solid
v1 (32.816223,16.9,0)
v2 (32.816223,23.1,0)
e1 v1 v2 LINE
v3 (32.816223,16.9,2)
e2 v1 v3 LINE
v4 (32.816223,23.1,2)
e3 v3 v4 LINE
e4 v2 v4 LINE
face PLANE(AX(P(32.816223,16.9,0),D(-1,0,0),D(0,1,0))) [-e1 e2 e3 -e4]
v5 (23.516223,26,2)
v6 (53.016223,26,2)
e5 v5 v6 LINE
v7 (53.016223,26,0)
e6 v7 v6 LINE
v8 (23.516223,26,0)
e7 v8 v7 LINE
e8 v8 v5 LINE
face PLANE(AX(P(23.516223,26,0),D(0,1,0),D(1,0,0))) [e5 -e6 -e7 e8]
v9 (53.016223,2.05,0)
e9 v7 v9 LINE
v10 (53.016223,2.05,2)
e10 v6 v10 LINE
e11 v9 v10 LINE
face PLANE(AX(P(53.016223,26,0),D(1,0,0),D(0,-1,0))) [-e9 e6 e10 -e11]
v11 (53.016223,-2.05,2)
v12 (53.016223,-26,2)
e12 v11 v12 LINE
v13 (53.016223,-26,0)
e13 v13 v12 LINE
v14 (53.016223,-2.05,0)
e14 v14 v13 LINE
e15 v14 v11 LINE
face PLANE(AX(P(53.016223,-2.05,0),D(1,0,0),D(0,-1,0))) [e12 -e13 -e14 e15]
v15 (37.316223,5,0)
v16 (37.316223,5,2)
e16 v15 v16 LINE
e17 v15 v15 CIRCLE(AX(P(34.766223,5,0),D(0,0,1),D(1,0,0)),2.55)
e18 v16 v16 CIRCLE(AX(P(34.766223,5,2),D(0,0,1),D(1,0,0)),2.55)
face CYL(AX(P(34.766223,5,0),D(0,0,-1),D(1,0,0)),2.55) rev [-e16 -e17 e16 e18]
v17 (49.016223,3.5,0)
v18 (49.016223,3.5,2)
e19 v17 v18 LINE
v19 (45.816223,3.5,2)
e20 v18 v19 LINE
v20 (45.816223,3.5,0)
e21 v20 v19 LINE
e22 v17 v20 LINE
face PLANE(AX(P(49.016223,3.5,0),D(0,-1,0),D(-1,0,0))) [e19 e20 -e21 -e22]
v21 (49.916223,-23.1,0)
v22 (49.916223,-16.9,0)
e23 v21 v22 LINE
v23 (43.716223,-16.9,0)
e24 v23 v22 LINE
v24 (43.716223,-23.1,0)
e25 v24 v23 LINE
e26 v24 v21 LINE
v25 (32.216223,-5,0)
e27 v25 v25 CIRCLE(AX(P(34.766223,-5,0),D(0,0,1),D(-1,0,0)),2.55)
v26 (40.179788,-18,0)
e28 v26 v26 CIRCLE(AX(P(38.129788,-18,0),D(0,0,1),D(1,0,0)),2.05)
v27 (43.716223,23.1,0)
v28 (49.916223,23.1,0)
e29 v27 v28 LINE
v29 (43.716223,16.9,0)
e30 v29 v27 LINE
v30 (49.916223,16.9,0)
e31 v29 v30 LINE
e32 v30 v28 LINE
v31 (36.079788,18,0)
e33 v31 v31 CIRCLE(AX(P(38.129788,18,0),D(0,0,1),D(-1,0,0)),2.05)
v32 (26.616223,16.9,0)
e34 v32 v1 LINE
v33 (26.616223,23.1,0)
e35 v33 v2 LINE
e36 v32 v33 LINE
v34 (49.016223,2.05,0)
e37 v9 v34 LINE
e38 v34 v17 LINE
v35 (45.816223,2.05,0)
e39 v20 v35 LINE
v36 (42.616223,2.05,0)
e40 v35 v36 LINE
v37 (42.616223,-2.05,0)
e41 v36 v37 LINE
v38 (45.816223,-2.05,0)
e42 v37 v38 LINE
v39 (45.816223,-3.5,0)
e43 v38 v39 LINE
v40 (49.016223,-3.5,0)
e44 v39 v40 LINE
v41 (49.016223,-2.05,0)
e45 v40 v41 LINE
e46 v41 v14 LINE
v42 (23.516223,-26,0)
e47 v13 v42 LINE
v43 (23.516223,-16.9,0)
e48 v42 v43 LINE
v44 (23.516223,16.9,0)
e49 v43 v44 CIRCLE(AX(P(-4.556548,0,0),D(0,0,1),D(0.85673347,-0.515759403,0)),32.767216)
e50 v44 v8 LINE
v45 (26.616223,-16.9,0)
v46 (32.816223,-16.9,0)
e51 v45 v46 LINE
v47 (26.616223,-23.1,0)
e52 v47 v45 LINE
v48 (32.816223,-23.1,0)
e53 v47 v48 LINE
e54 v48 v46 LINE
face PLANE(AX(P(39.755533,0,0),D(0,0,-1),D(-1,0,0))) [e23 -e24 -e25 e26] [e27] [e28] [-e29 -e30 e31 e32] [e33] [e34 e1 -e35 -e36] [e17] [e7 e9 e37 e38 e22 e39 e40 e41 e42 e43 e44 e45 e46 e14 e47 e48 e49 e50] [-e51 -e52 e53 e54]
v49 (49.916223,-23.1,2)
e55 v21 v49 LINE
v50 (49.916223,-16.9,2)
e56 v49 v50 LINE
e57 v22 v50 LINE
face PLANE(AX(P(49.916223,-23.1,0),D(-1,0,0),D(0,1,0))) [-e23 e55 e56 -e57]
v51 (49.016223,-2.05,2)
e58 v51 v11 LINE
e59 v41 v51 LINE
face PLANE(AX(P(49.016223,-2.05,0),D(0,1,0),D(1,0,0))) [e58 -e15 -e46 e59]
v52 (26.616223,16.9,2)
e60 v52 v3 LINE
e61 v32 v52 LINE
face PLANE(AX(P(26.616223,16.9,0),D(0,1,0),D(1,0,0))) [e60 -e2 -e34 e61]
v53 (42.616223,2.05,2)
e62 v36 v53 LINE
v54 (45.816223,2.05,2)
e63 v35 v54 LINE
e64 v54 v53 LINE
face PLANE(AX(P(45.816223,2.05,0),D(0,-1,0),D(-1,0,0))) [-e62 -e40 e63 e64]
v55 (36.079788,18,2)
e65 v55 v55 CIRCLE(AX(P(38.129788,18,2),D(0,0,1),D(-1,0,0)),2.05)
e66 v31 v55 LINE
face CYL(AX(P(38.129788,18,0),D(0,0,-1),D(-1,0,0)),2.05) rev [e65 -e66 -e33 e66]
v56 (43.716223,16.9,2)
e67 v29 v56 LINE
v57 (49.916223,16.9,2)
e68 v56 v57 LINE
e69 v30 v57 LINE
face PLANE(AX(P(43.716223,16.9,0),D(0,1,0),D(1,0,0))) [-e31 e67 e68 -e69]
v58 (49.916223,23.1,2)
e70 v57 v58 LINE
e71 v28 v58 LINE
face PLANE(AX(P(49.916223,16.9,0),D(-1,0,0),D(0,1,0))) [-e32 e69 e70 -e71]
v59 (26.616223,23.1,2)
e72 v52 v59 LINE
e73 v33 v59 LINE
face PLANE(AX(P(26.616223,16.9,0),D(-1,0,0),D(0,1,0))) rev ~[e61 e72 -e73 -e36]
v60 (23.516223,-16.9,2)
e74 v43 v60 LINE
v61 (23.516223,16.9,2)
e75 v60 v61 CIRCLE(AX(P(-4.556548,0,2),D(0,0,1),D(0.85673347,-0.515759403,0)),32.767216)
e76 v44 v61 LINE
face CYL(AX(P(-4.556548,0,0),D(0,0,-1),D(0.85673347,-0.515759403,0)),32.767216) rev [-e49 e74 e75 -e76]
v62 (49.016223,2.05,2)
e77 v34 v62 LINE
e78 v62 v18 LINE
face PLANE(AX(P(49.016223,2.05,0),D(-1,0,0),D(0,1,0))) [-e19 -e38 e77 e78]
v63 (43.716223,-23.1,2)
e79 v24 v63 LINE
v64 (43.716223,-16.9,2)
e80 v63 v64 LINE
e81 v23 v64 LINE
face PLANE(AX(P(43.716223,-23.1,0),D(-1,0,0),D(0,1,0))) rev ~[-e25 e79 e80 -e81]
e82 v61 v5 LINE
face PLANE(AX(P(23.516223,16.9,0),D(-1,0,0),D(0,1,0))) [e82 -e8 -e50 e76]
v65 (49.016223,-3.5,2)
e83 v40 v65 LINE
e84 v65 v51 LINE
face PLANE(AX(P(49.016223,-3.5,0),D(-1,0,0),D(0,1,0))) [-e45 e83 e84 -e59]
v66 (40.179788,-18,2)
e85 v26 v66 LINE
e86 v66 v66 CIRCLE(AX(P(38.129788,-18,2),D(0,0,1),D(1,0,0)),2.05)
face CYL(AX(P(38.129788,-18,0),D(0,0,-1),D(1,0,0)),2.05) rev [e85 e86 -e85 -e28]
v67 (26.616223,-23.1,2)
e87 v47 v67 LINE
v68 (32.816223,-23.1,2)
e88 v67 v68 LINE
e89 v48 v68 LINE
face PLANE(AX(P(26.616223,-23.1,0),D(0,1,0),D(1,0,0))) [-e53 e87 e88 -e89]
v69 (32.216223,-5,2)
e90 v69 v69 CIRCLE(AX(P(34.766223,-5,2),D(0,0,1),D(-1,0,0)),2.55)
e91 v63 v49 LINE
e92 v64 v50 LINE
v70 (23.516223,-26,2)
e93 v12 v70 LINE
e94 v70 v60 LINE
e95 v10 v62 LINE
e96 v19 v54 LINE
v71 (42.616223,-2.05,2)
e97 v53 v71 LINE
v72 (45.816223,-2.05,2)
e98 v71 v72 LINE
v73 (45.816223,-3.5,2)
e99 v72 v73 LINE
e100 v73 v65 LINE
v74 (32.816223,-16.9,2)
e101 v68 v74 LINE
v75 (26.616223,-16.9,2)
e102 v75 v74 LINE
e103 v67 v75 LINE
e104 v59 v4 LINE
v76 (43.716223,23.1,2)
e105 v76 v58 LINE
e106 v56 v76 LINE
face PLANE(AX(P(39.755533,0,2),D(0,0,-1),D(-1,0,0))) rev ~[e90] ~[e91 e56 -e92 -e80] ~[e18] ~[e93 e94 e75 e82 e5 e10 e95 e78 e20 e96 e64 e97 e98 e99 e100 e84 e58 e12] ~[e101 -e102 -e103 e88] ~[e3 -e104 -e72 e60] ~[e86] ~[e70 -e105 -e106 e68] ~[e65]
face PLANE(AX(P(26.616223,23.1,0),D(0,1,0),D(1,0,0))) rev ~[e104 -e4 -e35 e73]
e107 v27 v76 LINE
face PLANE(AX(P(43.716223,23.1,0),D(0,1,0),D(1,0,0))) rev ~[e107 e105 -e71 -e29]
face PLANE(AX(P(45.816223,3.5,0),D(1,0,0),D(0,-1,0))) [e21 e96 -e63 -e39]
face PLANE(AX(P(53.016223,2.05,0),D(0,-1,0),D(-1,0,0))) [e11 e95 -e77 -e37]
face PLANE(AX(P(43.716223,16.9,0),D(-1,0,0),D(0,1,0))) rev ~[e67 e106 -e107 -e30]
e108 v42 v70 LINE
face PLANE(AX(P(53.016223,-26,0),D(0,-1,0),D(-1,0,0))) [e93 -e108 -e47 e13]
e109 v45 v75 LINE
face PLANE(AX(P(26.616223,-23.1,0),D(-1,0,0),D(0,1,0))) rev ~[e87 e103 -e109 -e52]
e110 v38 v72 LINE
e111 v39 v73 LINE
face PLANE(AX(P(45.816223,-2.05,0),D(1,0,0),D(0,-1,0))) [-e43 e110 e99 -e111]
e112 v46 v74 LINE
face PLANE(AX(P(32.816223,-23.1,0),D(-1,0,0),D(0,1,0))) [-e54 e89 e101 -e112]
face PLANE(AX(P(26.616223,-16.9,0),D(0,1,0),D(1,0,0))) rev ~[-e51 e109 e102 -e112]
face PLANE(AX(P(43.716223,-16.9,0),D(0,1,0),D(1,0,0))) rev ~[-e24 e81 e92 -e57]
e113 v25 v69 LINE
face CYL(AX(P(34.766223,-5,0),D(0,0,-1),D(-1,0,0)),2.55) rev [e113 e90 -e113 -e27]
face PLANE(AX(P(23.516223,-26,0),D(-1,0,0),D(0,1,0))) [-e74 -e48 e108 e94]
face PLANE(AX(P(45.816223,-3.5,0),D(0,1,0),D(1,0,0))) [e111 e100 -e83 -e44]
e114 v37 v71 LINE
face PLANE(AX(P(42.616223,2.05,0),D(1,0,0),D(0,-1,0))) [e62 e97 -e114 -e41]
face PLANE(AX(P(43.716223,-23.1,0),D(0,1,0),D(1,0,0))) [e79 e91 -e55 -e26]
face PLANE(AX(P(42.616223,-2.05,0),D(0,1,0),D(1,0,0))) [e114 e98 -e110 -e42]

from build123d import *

# Parameters (mm, degrees)
SKETCH_1_R      = 2.55
SKETCH_1_R_2    = 2.05
SKETCH_1_W      = 6.2
SKETCH_1_H      = 6.2
EXTRUDE_1_DEPTH = 2


with BuildPart() as part:
    # 草图1 → 凸台-拉伸1 (new body)
    with BuildSketch(Plane.XY):
        with BuildLine():
            Line((53.016222961, -26), (23.516222961, -26))
            Line((23.516222961, -26), (23.516222961, -16.9))
            ThreePointArc((23.516222961, -16.9), (28.210668367, 0), (23.516222961, 16.9))
            Line((23.516222961, 16.9), (23.516222961, 26))
            Line((23.516222961, 26), (53.016222961, 26))
            Line((53.016222961, 26), (53.016222961, 2.05))
            Line((53.016222961, 2.05), (49.016222961, 2.05))
            Line((49.016222961, 2.05), (49.016222961, 3.5))
            Line((49.016222961, 3.5), (45.816222961, 3.5))
            Line((45.816222961, 3.5), (45.816222961, 2.05))
            Line((45.816222961, 2.05), (42.616222961, 2.05))
            Line((42.616222961, 2.05), (42.616222961, -2.05))
            Line((42.616222961, -2.05), (45.816222961, -2.05))
            Line((45.816222961, -2.05), (45.816222961, -3.5))
            Line((45.816222961, -3.5), (49.016222961, -3.5))
            Line((49.016222961, -3.5), (49.016222961, -2.05))
            Line((49.016222961, -2.05), (53.016222961, -2.05))
            Line((53.016222961, -2.05), (53.016222961, -26))
        make_face()
        with Locations((34.766222961, 5)):
            Circle(SKETCH_1_R, mode=Mode.SUBTRACT)
        with Locations((38.129788434, -18)):
            Circle(SKETCH_1_R_2, mode=Mode.SUBTRACT)
        with Locations(Location((34.766222961, -5, 0), (0, 0, 180))):
            Circle(SKETCH_1_R, mode=Mode.SUBTRACT)
        with Locations(Location((38.129788434, 18, 0), (0, 0, 180))):
            Circle(SKETCH_1_R_2, mode=Mode.SUBTRACT)
        with Locations((46.816222961, -20)):
            Rectangle(SKETCH_1_W, SKETCH_1_H, mode=Mode.SUBTRACT)
        with Locations((29.716222961, -20)):
            Rectangle(SKETCH_1_W, SKETCH_1_H, mode=Mode.SUBTRACT)
        with Locations((29.716222961, 20)):
            Rectangle(SKETCH_1_W, SKETCH_1_H, mode=Mode.SUBTRACT)
        with Locations((46.816222961, 20)):
            Rectangle(SKETCH_1_W, SKETCH_1_H, mode=Mode.SUBTRACT)
    extrude(amount=EXTRUDE_1_DEPTH)


solid = part.part
